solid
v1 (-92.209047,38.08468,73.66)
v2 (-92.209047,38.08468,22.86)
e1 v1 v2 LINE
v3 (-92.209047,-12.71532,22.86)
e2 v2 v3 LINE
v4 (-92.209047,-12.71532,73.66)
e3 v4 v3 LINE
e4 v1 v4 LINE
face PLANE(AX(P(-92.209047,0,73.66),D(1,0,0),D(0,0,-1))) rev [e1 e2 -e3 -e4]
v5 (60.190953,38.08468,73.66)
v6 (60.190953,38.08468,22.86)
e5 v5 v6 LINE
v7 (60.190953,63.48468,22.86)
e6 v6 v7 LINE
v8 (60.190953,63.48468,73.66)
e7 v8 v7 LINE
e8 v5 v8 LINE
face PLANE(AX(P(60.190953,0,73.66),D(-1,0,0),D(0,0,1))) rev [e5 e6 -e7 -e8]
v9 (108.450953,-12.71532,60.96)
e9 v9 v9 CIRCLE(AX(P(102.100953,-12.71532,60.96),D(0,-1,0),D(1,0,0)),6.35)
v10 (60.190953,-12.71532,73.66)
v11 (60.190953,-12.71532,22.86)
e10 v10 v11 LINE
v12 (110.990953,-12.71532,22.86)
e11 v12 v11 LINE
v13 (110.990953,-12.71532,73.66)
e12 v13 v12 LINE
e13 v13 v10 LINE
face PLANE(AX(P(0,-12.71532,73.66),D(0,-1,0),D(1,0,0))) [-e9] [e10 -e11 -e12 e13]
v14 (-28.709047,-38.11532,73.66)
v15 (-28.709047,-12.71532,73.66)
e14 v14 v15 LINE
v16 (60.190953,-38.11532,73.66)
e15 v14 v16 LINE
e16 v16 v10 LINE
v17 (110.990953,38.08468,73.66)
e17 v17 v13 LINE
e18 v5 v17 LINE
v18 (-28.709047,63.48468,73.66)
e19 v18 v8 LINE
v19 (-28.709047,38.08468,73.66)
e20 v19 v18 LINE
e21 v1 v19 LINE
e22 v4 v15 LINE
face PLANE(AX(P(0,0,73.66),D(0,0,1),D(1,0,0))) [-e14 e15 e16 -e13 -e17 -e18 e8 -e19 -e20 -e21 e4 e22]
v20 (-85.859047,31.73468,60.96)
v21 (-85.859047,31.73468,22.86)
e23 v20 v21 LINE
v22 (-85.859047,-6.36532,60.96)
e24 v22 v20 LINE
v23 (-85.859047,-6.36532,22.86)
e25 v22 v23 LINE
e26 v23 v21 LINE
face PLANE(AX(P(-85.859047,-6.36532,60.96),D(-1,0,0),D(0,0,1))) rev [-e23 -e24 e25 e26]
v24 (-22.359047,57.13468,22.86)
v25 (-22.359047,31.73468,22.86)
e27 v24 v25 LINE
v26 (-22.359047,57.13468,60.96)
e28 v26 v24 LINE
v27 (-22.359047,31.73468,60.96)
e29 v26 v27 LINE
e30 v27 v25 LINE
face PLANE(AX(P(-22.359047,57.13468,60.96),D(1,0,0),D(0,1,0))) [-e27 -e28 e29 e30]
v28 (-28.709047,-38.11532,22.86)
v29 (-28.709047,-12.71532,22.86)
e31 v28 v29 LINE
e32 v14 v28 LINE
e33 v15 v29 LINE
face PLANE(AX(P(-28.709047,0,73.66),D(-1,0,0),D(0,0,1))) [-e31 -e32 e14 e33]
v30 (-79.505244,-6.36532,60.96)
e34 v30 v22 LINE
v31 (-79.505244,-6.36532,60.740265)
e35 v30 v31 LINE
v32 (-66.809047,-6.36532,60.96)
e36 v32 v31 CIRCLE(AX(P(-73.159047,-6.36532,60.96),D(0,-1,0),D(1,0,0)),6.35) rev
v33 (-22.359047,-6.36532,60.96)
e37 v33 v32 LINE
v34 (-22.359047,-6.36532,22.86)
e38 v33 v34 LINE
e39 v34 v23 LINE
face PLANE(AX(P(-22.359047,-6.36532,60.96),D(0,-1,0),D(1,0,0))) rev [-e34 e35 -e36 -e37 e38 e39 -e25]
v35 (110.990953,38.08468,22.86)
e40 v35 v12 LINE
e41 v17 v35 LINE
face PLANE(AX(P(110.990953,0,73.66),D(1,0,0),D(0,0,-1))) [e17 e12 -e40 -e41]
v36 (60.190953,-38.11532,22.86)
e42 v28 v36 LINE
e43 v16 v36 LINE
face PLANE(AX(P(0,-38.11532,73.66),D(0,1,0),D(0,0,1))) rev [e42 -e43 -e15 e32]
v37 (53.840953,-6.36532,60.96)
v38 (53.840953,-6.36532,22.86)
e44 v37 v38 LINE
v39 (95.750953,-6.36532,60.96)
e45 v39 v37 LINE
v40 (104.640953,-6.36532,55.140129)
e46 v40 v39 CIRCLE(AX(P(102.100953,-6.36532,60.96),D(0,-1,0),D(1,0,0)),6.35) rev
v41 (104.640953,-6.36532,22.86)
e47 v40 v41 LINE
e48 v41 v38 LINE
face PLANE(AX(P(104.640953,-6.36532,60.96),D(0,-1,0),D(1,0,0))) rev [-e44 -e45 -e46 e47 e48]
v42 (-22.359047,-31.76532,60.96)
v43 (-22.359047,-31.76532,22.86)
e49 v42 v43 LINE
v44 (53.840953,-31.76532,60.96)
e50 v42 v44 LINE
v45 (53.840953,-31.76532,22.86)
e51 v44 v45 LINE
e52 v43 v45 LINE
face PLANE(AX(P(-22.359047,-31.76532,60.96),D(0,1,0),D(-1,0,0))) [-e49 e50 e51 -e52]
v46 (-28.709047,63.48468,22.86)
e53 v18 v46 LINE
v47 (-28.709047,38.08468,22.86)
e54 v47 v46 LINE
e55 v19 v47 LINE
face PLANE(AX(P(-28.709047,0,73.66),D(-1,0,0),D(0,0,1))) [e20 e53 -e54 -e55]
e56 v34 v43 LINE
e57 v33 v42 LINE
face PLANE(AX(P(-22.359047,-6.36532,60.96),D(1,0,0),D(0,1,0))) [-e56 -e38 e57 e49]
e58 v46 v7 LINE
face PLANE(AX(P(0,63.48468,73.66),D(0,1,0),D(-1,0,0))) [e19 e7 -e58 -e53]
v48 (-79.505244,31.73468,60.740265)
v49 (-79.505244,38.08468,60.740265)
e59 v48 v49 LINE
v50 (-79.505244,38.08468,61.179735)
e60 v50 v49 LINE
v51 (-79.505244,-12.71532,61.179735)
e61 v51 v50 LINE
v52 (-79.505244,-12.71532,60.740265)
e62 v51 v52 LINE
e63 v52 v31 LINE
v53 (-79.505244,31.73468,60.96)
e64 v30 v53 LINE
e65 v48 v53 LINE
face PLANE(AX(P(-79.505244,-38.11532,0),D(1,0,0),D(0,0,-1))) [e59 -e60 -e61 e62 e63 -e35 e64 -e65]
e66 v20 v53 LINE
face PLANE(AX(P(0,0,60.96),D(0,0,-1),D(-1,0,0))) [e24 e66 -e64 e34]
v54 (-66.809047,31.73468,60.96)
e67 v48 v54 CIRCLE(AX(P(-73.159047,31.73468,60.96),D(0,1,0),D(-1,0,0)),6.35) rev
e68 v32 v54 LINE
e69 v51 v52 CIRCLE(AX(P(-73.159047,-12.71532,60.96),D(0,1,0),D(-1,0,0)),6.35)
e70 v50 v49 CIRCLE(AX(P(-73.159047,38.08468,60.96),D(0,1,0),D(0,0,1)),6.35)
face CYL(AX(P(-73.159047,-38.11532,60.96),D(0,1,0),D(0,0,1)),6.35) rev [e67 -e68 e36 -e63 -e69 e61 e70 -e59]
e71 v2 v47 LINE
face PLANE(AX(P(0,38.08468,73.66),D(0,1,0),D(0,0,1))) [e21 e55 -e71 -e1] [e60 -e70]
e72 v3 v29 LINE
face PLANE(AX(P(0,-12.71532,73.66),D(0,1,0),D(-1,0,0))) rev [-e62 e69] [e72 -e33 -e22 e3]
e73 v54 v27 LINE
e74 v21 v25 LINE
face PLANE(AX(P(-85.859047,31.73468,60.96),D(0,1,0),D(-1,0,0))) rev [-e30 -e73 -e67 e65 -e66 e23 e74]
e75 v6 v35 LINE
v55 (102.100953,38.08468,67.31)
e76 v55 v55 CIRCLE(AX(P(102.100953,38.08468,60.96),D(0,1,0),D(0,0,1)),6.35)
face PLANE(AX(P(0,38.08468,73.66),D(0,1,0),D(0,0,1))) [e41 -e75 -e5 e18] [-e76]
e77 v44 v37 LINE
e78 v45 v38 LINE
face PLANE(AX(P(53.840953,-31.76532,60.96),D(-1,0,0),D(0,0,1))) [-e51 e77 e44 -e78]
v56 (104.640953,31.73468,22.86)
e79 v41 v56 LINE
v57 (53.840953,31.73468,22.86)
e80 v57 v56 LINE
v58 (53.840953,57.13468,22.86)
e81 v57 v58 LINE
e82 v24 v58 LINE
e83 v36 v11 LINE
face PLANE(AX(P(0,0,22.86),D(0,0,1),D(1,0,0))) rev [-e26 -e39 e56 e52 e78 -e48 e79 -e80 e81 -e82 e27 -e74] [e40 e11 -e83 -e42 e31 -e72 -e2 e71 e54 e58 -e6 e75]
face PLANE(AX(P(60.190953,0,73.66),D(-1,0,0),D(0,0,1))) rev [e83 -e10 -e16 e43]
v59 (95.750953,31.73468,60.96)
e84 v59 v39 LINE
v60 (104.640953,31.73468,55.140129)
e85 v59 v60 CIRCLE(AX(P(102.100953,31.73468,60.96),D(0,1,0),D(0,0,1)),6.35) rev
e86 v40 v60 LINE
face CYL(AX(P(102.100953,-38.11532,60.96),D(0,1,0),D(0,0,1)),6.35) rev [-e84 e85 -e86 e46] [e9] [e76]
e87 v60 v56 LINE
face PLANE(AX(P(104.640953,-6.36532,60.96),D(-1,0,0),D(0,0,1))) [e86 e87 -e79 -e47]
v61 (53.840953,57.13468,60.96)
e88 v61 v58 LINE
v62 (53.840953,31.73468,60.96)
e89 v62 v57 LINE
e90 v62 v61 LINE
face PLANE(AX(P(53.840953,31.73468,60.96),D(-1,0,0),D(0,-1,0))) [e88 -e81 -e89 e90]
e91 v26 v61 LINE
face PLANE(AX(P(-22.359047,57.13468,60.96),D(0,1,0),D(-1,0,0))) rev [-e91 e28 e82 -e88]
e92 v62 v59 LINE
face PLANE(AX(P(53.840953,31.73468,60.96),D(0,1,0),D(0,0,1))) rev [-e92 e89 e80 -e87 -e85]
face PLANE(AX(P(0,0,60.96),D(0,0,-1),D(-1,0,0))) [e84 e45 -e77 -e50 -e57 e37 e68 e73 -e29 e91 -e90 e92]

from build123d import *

# Parameters (mm, degrees)
SKETCH2_W               = 6.35
SKETCH2_H               = 50.8
SKETCH2_W_2             = 2.54
SKETCH2_W_3             = 31.75
SKETCH2_W_4             = 3.81
SKETCH2_W_5             = 12.7
BOSS_EXTRUDE2_DEPTH     = 73.66
CUT_EXTRUDE2_DEPTH      = 26.4
CUT_EXTRUDE2_DEPTH_BACK = 77.2
CUT_EXTRUDE3_DEPTH      = 22.86
CUT_EXTRUDE4_DEPTH      = 38.1


with BuildPart() as part:
    # Sketch2 → Boss-Extrude2 (new body)
    with BuildSketch(Plane.XY):
        with Locations((98.925952955, 12.684680338)):
            Rectangle(SKETCH2_W, SKETCH2_H)
        with Locations((105.275952955, 12.684680338)):
            Rectangle(SKETCH2_W, SKETCH2_H)
        with Locations((109.720952955, 12.684680338)):
            Rectangle(SKETCH2_W_2, SKETCH2_H)
        with Locations((79.875952955, 12.684680338)):
            Rectangle(SKETCH2_W_3, SKETCH2_H)
        with Locations((62.095952955, 12.684680338)):
            Rectangle(SKETCH2_W_4, SKETCH2_H)
        Polygon((-28.709047045, -38.115319662), (60.190952955, -38.115319662), (60.190952955, 63.484680338), (-28.709047045, 63.484680338), (-28.709047045, -12.715319662), align=None)
        with Locations((-31.884047045, 12.684680338)):
            Rectangle(SKETCH2_W, SKETCH2_H)
        with Locations((-50.934047045, 12.684680338)):
            Rectangle(SKETCH2_W_3, SKETCH2_H)
        with Locations((-69.984047045, 12.684680338)):
            Rectangle(SKETCH2_W, SKETCH2_H)
        with Locations((-76.334047045, 12.684680338)):
            Rectangle(SKETCH2_W, SKETCH2_H)
        with Locations((-85.859047045, 12.684680338)):
            Rectangle(SKETCH2_W_5, SKETCH2_H)
    extrude(amount=BOSS_EXTRUDE2_DEPTH)

    # Sketch4 → Cut-Extrude2 (cut, two sides)
    with BuildSketch(Plane(origin=(0, 38.084680338, 0), x_dir=(1, 0, 0), z_dir=(0, 1, 0))) as cut_extrude2_sk:
        with BuildLine():
            Line((-73.159047045, -60.96), (-73.159047045, -67.31))
            ThreePointArc((-73.159047045, -67.31), (-68.668918984, -65.450128061), (-66.809047045, -60.96))
            ThreePointArc((-66.809047045, -60.96), (-68.668918984, -56.469871939), (-73.159047045, -54.61))
            Line((-73.159047045, -54.61), (-73.159047045, -60.96))
        make_face()
        with BuildLine():
            Line((-79.50524406, -60.740265064), (-79.50524406, -61.179734936))
            ThreePointArc((-79.50524406, -61.179734936), (-77.57080311, -65.527155397), (-73.159047045, -67.31))
            Line((-73.159047045, -67.31), (-73.159047045, -60.96))
            Line((-73.159047045, -60.96), (-73.159047045, -54.61))
            ThreePointArc((-73.159047045, -54.61), (-77.57080311, -56.392844603), (-79.50524406, -60.740265064))
        make_face()
        with BuildLine():
            ThreePointArc((102.100952955, -54.61), (97.610824895, -56.469871939), (95.750952955, -60.96))
            ThreePointArc((95.750952955, -60.96), (97.610824895, -65.450128061), (102.100952955, -67.31))
            Line((102.100952955, -67.31), (102.100952955, -60.96))
            Line((102.100952955, -60.96), (102.100952955, -54.61))
        make_face()
        with BuildLine():
            ThreePointArc((108.450952955, -60.96), (106.591081016, -56.469871939), (102.100952955, -54.61))
            Line((102.100952955, -54.61), (102.100952955, -60.96))
            Line((102.100952955, -60.96), (102.100952955, -67.31))
            ThreePointArc((102.100952955, -67.31), (106.591081016, -65.450128061), (108.450952955, -60.96))
        make_face()
    extrude(amount=CUT_EXTRUDE2_DEPTH, mode=Mode.SUBTRACT)
    extrude(cut_extrude2_sk.sketch, amount=-CUT_EXTRUDE2_DEPTH_BACK, mode=Mode.SUBTRACT)

    # Sketch5 → Cut-Extrude3 (cut)
    with BuildSketch(Plane(origin=(0, 0, 0), x_dir=(-1, 0, 0), z_dir=(0, 0, -1))):
        Polygon((-60.190952955, -38.115319662), (-60.190952955, -12.715319662), (-110.990952955, -12.715319662), (-110.990952955, 38.084680338), (-60.190952955, 38.084680338), (-60.190952955, 63.484680338), (28.709047045, 63.484680338), (28.709047045, 38.084680338), (92.209047045, 38.084680338), (92.209047045, -12.715319662), (28.709047045, -12.715319662), (28.709047045, -38.115319662), align=None)
    extrude(amount=-CUT_EXTRUDE3_DEPTH, mode=Mode.SUBTRACT)

    # Sketch8 → Cut-Extrude4 (cut)
    with BuildSketch(Plane(origin=(0, 0, 22.86), x_dir=(-1, 0, 0), z_dir=(0, 0, -1))):
        Polygon((-104.640952955, -6.365319662), (-53.840952955, -6.365319662), (-53.840952955, -31.765319662), (22.359047045, -31.765319662), (22.359047045, -6.365319662), (85.859047045, -6.365319662), (85.859047045, 31.734680338), (22.359047045, 31.734680338), (22.359047045, 57.134680338), (-53.840952955, 57.134680338), (-53.840952955, 31.734680338), (-104.640952955, 31.734680338), align=None)
    extrude(amount=-CUT_EXTRUDE4_DEPTH, mode=Mode.SUBTRACT)


solid = part.part
